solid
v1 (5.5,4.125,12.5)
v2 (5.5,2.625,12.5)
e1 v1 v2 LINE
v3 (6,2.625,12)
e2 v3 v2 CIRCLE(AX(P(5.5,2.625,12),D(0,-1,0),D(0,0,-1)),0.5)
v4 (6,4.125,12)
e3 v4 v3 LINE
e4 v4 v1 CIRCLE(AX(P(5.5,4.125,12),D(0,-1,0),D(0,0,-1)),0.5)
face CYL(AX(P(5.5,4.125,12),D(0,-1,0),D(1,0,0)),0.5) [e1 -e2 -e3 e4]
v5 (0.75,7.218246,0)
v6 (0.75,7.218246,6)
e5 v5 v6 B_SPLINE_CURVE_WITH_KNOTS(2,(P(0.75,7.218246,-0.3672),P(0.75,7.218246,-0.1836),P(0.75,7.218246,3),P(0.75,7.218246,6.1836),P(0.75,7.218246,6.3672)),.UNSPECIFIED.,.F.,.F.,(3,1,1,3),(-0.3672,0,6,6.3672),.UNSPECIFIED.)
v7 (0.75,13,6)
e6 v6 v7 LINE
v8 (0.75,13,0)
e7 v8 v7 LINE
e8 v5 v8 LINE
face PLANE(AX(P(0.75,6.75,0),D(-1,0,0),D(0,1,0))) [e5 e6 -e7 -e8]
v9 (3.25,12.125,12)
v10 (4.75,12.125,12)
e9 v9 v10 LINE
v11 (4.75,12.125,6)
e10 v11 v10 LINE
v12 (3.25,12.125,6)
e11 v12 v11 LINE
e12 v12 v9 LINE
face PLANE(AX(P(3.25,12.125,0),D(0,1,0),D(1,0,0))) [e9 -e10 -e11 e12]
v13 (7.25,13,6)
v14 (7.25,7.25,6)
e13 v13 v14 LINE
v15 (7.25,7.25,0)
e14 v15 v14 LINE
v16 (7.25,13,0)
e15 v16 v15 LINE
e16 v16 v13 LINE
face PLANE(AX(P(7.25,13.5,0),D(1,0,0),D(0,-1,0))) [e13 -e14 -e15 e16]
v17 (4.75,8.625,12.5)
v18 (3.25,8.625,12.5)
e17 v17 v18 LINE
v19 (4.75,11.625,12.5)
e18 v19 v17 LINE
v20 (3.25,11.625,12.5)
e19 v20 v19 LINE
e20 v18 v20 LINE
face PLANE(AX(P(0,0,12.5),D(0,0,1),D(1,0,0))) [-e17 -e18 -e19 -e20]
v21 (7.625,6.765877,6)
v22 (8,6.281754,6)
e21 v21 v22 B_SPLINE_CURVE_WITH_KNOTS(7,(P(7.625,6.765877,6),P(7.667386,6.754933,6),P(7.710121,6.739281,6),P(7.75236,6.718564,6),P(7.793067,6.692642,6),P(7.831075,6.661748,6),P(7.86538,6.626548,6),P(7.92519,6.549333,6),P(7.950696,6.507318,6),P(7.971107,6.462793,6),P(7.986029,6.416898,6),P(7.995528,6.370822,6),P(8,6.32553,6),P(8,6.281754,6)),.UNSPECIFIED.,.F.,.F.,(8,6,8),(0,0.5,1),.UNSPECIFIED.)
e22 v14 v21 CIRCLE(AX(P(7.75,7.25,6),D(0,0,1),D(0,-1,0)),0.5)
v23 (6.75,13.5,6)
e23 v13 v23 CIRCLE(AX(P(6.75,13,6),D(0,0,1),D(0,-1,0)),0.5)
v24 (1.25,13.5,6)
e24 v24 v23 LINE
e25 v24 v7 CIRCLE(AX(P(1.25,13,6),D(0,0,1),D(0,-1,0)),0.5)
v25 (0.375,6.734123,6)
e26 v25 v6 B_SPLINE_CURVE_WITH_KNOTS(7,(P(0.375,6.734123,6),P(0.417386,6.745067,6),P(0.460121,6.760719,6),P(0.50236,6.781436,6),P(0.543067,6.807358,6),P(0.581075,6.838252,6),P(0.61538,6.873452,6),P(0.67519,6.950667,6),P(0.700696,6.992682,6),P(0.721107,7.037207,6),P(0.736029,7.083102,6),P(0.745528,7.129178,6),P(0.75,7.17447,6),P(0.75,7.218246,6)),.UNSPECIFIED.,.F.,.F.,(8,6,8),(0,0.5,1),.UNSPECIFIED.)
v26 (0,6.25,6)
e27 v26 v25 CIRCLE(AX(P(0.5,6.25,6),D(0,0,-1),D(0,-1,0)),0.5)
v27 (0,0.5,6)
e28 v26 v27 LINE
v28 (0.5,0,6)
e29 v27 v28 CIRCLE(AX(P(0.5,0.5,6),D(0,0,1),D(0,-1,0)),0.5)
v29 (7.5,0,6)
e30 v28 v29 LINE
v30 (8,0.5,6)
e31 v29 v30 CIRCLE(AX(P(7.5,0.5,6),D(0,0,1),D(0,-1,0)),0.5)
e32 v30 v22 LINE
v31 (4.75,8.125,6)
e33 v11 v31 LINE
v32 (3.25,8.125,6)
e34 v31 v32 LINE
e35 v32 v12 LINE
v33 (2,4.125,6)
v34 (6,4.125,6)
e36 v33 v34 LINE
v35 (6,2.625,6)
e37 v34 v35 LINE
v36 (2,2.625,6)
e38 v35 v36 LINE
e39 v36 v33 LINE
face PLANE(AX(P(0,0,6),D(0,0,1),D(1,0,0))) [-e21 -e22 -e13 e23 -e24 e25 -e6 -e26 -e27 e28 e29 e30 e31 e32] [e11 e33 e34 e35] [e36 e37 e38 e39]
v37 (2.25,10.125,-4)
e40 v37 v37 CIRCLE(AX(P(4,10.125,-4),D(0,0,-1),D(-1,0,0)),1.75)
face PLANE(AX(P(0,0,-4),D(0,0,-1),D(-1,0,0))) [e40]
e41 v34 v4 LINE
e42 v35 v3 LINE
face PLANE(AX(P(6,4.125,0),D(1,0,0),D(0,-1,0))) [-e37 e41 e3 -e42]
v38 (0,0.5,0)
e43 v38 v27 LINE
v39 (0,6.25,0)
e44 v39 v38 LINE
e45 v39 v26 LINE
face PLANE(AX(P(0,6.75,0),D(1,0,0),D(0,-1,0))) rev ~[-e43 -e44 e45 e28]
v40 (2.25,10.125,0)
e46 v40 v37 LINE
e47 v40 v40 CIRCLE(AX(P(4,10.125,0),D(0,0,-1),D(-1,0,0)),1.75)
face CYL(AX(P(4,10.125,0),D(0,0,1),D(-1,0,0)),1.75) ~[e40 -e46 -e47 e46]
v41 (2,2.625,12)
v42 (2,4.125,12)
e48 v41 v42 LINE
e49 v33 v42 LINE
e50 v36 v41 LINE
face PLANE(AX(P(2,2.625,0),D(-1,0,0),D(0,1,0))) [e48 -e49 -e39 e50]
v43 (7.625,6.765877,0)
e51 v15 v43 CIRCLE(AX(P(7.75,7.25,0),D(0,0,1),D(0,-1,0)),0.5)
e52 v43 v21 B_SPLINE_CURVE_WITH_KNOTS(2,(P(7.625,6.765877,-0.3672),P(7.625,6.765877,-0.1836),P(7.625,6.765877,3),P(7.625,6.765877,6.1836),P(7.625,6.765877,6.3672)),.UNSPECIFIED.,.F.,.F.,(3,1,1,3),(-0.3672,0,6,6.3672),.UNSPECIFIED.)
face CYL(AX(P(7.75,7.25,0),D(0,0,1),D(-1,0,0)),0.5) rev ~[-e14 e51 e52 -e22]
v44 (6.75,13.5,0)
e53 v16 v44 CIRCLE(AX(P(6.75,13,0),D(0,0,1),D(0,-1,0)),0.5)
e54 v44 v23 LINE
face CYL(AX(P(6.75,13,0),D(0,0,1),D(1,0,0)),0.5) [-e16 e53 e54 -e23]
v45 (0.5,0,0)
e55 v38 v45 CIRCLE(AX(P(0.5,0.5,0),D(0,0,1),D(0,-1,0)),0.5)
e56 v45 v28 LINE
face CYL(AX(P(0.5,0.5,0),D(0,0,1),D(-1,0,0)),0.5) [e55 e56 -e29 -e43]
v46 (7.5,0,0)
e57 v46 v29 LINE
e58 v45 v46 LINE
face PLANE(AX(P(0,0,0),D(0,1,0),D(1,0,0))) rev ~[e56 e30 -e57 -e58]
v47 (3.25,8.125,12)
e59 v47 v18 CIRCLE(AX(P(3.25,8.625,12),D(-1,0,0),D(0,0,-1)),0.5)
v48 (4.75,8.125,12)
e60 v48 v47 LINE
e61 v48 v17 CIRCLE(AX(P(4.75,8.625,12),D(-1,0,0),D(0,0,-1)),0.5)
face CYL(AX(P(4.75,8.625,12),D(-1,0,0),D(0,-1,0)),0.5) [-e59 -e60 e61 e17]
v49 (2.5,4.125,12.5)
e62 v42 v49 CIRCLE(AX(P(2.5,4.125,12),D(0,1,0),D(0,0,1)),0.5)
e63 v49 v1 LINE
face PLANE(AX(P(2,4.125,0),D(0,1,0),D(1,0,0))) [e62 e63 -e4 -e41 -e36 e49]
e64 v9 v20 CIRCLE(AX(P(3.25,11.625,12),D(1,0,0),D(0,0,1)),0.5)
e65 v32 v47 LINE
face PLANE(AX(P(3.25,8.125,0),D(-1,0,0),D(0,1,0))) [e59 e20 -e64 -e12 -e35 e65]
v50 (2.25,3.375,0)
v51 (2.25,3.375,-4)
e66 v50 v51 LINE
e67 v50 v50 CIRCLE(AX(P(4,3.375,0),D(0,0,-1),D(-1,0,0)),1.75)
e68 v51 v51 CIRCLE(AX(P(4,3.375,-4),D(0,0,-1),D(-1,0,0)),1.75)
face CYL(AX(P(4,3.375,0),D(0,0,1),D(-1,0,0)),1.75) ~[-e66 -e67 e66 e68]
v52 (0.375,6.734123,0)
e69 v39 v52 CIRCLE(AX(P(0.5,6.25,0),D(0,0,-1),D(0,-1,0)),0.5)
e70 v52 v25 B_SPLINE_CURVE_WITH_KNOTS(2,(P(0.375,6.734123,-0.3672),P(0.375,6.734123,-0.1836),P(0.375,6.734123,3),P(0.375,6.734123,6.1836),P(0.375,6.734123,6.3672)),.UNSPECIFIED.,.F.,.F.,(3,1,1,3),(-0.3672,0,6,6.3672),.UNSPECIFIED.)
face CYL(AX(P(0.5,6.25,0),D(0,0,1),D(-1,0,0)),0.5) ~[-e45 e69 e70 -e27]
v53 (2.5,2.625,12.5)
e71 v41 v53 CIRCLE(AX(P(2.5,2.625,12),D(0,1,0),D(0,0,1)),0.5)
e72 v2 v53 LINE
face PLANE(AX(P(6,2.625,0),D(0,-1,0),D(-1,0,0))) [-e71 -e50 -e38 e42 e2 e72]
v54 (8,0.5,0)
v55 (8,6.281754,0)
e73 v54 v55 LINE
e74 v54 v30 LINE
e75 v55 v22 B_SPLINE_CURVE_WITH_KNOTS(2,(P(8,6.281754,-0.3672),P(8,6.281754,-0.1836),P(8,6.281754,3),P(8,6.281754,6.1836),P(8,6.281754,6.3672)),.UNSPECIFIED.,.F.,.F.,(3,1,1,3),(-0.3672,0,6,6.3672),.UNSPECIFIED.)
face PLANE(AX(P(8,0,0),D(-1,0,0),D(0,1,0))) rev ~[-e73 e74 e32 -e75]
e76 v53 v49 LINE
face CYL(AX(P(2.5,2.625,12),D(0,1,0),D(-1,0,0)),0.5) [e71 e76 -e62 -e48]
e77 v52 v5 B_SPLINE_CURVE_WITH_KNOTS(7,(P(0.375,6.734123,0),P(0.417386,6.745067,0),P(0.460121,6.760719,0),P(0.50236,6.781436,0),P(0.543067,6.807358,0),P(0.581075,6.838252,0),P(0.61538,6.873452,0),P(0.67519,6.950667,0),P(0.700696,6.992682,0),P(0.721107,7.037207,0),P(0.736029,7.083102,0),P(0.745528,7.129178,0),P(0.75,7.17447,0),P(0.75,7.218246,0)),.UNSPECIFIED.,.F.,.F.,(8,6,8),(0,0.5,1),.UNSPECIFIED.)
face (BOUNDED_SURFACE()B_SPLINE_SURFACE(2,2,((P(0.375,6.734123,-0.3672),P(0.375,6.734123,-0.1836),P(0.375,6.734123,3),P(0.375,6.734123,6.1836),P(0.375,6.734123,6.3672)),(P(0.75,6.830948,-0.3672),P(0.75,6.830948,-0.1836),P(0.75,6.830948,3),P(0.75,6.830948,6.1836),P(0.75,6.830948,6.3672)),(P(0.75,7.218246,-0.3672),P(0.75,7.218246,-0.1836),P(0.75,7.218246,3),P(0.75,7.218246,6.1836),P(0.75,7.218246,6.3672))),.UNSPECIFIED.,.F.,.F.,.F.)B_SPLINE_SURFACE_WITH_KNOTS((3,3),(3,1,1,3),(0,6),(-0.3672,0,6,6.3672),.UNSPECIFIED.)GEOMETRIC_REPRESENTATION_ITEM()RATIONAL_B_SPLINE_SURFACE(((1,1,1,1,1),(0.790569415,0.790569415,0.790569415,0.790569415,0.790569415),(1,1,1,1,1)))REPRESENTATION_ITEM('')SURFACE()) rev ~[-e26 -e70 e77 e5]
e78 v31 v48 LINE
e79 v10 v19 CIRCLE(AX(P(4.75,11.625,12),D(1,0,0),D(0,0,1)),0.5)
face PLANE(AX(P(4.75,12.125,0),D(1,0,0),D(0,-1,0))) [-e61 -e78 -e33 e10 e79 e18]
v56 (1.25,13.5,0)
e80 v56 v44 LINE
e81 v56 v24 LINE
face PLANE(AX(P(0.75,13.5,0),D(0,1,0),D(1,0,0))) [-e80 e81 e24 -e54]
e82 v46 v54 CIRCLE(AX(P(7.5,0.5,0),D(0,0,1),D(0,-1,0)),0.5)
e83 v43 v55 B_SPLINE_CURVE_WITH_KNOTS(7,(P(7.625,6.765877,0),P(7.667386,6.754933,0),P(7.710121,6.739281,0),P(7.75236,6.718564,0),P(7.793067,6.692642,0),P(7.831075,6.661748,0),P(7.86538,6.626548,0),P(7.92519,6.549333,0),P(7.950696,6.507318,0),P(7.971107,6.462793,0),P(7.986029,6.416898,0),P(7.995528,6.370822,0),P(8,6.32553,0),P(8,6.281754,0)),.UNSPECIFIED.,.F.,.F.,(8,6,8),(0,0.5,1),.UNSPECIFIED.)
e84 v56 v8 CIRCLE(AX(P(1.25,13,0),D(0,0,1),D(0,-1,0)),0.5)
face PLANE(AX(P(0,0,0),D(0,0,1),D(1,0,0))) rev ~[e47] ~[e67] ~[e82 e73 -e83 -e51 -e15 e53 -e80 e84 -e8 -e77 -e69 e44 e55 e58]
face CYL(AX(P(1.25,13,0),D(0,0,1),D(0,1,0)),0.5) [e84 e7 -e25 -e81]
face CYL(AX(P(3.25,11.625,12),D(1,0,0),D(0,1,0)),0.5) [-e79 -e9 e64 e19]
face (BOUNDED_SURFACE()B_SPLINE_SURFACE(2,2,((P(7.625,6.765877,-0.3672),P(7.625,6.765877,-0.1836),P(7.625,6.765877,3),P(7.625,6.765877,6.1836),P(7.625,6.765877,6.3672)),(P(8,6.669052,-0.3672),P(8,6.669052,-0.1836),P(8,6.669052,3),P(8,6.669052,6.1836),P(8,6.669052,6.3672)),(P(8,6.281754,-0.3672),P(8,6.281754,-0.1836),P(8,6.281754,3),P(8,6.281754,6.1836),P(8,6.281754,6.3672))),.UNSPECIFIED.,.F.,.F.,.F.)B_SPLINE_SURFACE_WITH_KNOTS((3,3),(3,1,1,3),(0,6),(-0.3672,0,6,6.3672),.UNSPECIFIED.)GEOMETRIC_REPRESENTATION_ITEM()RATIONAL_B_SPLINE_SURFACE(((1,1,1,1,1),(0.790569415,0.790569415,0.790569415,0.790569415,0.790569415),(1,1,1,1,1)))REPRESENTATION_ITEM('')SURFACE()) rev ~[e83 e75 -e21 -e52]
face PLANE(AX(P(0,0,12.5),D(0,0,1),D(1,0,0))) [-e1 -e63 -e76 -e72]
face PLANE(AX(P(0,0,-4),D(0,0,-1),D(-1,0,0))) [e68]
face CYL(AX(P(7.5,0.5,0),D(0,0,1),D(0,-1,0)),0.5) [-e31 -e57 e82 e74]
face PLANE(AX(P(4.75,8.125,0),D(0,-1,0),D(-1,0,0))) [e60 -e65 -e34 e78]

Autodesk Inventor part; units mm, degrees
ref_plane "YZ Plane" through (0, 0, 0) normal (1, 0, 0) x (0, 1, 0)
ref_plane "XZ Plane" through (0, 0, 0) normal (0, 1, 0) x (-1, 0, 0)
ref_plane "XY Plane" through (0, 0, 0) normal (0, 0, 1) x (1, 0, 0)
sketch "Sketch1" plane through (0, 0, 0) normal (0, 0, 1) x (1, 0, 0)
  line L0 (4, 9.5) -> (4, 4) construction
  line L1 (0.75, 6.75) -> (0.75, 13.5)
  line L2 (0.75, 13.5) -> (7.25, 13.5)
  line L3 (7.25, 13.5) -> (7.25, 6.75)
  line L4 (0, 6.75) -> (0, 0)
  line L5 (0, 0) -> (8, 0)
  line L6 (8, 0) -> (8, 6.75)
  line L7 (0, 6.75) -> (0.75, 6.75)
  line L8 (7.25, 6.75) -> (8, 6.75)
  line L9 (0.75, 6.75) -> (7.25, 6.75) construction
  line L10 (4, 4) -> (4, 0) construction
  line L11 (4, 9.5) -> (4, 13.5) construction
  line L12 (3.25, 12.125) -> (4.75, 12.125)
  line L13 (4.75, 12.125) -> (4.75, 8.125)
  line L14 (4.75, 8.125) -> (3.25, 8.125)
  line L15 (3.25, 8.125) -> (3.25, 12.125)
  line L16 (2, 4.125) -> (6, 4.125)
  line L17 (6, 4.125) -> (6, 2.625)
  line L18 (6, 2.625) -> (2, 2.625)
  line L19 (2, 2.625) -> (2, 4.125)
  line L20 (4.75, 12.125) -> (4.75, 13.5) construction
  line L21 (4.75, 8.125) -> (4.75, 6.75) construction
  line L22 (6, 2.625) -> (6, 0) construction
  line L23 (6, 4.125) -> (6, 6.75) construction
  point P0 (4, 6.75)
  dimension "d2" = 5.5
  dimension "d3" = 6.5
  dimension "d4" = 8
  dimension "d5" = 13.5
  dimension "d9" = 1.5
  dimension "d10" = 4
  dimension "d11" = 4
  dimension "d12" = 1.5
extrude "Extrusion2" add sketch "Sketch1" along normal blind 6
fillet "Fillet2" radius 0.5 8 edges at (7.25, 6.75, 3) (8, 6.75, 3) (0, 6.75, 3) (0.75, 6.75, 3) (0, 0, 3) (8, 0, 3) (7.25, 13.5, 3) (0.75, 13.5, 3)
extrude "Extrusion3" add sketch "Sketch1" along normal blind 12.5 contours L12 L13 L14 L15 | L16 L17 L18 L19
sketch "Sketch2" plane through (0, 0, 0) normal (0, 0, -1) x (-1, 0, 0)
  line L0 (-6, 4.125) -> (-2, 4.125) construction
  line L1 (-2, 4.125) -> (-2, 2.625) construction
  line L2 (-2, 2.625) -> (-6, 2.625) construction
  line L3 (-6, 2.625) -> (-6, 4.125) construction
  line L4 (-4.75, 12.125) -> (-3.25, 12.125) construction
  line L5 (-3.25, 12.125) -> (-3.25, 8.125) construction
  line L6 (-3.25, 8.125) -> (-4.75, 8.125) construction
  line L7 (-4.75, 8.125) -> (-4.75, 12.125) construction
  line L8 (-3.25, 8.125) -> (-3.25, 12.125) construction
  line L9 (-3.25, 12.125) -> (-4.75, 8.125) construction
  line L10 (-3.25, 12.125) -> (-4.75, 12.125) construction
  line L11 (-3.25, 8.125) -> (-4.75, 12.125) construction
  line L12 (-2, 4.125) -> (-6, 2.625) construction
  line L13 (-6, 2.625) -> (-2, 2.625) construction
  line L14 (-6, 2.625) -> (-6, 4.125) construction
  line L15 (-2, 2.625) -> (-6, 4.125) construction
  circle A0 centre (-4, 10.125) radius 1.75
  circle A1 centre (-4, 3.375) radius 1.75
  point P0 (0, 0)
  dimension "d18" = 3.5
  dimension "d19" = 3.5
extrude "Extrusion4" add sketch "Sketch2" along normal blind 4
fillet "Fillet3" radius 0.5 4 edges at (4, 12.125, 12.5) (4, 8.125, 12.5) (2, 3.375, 12.5) (6, 3.375, 12.5)
properties part number "Tplug"
